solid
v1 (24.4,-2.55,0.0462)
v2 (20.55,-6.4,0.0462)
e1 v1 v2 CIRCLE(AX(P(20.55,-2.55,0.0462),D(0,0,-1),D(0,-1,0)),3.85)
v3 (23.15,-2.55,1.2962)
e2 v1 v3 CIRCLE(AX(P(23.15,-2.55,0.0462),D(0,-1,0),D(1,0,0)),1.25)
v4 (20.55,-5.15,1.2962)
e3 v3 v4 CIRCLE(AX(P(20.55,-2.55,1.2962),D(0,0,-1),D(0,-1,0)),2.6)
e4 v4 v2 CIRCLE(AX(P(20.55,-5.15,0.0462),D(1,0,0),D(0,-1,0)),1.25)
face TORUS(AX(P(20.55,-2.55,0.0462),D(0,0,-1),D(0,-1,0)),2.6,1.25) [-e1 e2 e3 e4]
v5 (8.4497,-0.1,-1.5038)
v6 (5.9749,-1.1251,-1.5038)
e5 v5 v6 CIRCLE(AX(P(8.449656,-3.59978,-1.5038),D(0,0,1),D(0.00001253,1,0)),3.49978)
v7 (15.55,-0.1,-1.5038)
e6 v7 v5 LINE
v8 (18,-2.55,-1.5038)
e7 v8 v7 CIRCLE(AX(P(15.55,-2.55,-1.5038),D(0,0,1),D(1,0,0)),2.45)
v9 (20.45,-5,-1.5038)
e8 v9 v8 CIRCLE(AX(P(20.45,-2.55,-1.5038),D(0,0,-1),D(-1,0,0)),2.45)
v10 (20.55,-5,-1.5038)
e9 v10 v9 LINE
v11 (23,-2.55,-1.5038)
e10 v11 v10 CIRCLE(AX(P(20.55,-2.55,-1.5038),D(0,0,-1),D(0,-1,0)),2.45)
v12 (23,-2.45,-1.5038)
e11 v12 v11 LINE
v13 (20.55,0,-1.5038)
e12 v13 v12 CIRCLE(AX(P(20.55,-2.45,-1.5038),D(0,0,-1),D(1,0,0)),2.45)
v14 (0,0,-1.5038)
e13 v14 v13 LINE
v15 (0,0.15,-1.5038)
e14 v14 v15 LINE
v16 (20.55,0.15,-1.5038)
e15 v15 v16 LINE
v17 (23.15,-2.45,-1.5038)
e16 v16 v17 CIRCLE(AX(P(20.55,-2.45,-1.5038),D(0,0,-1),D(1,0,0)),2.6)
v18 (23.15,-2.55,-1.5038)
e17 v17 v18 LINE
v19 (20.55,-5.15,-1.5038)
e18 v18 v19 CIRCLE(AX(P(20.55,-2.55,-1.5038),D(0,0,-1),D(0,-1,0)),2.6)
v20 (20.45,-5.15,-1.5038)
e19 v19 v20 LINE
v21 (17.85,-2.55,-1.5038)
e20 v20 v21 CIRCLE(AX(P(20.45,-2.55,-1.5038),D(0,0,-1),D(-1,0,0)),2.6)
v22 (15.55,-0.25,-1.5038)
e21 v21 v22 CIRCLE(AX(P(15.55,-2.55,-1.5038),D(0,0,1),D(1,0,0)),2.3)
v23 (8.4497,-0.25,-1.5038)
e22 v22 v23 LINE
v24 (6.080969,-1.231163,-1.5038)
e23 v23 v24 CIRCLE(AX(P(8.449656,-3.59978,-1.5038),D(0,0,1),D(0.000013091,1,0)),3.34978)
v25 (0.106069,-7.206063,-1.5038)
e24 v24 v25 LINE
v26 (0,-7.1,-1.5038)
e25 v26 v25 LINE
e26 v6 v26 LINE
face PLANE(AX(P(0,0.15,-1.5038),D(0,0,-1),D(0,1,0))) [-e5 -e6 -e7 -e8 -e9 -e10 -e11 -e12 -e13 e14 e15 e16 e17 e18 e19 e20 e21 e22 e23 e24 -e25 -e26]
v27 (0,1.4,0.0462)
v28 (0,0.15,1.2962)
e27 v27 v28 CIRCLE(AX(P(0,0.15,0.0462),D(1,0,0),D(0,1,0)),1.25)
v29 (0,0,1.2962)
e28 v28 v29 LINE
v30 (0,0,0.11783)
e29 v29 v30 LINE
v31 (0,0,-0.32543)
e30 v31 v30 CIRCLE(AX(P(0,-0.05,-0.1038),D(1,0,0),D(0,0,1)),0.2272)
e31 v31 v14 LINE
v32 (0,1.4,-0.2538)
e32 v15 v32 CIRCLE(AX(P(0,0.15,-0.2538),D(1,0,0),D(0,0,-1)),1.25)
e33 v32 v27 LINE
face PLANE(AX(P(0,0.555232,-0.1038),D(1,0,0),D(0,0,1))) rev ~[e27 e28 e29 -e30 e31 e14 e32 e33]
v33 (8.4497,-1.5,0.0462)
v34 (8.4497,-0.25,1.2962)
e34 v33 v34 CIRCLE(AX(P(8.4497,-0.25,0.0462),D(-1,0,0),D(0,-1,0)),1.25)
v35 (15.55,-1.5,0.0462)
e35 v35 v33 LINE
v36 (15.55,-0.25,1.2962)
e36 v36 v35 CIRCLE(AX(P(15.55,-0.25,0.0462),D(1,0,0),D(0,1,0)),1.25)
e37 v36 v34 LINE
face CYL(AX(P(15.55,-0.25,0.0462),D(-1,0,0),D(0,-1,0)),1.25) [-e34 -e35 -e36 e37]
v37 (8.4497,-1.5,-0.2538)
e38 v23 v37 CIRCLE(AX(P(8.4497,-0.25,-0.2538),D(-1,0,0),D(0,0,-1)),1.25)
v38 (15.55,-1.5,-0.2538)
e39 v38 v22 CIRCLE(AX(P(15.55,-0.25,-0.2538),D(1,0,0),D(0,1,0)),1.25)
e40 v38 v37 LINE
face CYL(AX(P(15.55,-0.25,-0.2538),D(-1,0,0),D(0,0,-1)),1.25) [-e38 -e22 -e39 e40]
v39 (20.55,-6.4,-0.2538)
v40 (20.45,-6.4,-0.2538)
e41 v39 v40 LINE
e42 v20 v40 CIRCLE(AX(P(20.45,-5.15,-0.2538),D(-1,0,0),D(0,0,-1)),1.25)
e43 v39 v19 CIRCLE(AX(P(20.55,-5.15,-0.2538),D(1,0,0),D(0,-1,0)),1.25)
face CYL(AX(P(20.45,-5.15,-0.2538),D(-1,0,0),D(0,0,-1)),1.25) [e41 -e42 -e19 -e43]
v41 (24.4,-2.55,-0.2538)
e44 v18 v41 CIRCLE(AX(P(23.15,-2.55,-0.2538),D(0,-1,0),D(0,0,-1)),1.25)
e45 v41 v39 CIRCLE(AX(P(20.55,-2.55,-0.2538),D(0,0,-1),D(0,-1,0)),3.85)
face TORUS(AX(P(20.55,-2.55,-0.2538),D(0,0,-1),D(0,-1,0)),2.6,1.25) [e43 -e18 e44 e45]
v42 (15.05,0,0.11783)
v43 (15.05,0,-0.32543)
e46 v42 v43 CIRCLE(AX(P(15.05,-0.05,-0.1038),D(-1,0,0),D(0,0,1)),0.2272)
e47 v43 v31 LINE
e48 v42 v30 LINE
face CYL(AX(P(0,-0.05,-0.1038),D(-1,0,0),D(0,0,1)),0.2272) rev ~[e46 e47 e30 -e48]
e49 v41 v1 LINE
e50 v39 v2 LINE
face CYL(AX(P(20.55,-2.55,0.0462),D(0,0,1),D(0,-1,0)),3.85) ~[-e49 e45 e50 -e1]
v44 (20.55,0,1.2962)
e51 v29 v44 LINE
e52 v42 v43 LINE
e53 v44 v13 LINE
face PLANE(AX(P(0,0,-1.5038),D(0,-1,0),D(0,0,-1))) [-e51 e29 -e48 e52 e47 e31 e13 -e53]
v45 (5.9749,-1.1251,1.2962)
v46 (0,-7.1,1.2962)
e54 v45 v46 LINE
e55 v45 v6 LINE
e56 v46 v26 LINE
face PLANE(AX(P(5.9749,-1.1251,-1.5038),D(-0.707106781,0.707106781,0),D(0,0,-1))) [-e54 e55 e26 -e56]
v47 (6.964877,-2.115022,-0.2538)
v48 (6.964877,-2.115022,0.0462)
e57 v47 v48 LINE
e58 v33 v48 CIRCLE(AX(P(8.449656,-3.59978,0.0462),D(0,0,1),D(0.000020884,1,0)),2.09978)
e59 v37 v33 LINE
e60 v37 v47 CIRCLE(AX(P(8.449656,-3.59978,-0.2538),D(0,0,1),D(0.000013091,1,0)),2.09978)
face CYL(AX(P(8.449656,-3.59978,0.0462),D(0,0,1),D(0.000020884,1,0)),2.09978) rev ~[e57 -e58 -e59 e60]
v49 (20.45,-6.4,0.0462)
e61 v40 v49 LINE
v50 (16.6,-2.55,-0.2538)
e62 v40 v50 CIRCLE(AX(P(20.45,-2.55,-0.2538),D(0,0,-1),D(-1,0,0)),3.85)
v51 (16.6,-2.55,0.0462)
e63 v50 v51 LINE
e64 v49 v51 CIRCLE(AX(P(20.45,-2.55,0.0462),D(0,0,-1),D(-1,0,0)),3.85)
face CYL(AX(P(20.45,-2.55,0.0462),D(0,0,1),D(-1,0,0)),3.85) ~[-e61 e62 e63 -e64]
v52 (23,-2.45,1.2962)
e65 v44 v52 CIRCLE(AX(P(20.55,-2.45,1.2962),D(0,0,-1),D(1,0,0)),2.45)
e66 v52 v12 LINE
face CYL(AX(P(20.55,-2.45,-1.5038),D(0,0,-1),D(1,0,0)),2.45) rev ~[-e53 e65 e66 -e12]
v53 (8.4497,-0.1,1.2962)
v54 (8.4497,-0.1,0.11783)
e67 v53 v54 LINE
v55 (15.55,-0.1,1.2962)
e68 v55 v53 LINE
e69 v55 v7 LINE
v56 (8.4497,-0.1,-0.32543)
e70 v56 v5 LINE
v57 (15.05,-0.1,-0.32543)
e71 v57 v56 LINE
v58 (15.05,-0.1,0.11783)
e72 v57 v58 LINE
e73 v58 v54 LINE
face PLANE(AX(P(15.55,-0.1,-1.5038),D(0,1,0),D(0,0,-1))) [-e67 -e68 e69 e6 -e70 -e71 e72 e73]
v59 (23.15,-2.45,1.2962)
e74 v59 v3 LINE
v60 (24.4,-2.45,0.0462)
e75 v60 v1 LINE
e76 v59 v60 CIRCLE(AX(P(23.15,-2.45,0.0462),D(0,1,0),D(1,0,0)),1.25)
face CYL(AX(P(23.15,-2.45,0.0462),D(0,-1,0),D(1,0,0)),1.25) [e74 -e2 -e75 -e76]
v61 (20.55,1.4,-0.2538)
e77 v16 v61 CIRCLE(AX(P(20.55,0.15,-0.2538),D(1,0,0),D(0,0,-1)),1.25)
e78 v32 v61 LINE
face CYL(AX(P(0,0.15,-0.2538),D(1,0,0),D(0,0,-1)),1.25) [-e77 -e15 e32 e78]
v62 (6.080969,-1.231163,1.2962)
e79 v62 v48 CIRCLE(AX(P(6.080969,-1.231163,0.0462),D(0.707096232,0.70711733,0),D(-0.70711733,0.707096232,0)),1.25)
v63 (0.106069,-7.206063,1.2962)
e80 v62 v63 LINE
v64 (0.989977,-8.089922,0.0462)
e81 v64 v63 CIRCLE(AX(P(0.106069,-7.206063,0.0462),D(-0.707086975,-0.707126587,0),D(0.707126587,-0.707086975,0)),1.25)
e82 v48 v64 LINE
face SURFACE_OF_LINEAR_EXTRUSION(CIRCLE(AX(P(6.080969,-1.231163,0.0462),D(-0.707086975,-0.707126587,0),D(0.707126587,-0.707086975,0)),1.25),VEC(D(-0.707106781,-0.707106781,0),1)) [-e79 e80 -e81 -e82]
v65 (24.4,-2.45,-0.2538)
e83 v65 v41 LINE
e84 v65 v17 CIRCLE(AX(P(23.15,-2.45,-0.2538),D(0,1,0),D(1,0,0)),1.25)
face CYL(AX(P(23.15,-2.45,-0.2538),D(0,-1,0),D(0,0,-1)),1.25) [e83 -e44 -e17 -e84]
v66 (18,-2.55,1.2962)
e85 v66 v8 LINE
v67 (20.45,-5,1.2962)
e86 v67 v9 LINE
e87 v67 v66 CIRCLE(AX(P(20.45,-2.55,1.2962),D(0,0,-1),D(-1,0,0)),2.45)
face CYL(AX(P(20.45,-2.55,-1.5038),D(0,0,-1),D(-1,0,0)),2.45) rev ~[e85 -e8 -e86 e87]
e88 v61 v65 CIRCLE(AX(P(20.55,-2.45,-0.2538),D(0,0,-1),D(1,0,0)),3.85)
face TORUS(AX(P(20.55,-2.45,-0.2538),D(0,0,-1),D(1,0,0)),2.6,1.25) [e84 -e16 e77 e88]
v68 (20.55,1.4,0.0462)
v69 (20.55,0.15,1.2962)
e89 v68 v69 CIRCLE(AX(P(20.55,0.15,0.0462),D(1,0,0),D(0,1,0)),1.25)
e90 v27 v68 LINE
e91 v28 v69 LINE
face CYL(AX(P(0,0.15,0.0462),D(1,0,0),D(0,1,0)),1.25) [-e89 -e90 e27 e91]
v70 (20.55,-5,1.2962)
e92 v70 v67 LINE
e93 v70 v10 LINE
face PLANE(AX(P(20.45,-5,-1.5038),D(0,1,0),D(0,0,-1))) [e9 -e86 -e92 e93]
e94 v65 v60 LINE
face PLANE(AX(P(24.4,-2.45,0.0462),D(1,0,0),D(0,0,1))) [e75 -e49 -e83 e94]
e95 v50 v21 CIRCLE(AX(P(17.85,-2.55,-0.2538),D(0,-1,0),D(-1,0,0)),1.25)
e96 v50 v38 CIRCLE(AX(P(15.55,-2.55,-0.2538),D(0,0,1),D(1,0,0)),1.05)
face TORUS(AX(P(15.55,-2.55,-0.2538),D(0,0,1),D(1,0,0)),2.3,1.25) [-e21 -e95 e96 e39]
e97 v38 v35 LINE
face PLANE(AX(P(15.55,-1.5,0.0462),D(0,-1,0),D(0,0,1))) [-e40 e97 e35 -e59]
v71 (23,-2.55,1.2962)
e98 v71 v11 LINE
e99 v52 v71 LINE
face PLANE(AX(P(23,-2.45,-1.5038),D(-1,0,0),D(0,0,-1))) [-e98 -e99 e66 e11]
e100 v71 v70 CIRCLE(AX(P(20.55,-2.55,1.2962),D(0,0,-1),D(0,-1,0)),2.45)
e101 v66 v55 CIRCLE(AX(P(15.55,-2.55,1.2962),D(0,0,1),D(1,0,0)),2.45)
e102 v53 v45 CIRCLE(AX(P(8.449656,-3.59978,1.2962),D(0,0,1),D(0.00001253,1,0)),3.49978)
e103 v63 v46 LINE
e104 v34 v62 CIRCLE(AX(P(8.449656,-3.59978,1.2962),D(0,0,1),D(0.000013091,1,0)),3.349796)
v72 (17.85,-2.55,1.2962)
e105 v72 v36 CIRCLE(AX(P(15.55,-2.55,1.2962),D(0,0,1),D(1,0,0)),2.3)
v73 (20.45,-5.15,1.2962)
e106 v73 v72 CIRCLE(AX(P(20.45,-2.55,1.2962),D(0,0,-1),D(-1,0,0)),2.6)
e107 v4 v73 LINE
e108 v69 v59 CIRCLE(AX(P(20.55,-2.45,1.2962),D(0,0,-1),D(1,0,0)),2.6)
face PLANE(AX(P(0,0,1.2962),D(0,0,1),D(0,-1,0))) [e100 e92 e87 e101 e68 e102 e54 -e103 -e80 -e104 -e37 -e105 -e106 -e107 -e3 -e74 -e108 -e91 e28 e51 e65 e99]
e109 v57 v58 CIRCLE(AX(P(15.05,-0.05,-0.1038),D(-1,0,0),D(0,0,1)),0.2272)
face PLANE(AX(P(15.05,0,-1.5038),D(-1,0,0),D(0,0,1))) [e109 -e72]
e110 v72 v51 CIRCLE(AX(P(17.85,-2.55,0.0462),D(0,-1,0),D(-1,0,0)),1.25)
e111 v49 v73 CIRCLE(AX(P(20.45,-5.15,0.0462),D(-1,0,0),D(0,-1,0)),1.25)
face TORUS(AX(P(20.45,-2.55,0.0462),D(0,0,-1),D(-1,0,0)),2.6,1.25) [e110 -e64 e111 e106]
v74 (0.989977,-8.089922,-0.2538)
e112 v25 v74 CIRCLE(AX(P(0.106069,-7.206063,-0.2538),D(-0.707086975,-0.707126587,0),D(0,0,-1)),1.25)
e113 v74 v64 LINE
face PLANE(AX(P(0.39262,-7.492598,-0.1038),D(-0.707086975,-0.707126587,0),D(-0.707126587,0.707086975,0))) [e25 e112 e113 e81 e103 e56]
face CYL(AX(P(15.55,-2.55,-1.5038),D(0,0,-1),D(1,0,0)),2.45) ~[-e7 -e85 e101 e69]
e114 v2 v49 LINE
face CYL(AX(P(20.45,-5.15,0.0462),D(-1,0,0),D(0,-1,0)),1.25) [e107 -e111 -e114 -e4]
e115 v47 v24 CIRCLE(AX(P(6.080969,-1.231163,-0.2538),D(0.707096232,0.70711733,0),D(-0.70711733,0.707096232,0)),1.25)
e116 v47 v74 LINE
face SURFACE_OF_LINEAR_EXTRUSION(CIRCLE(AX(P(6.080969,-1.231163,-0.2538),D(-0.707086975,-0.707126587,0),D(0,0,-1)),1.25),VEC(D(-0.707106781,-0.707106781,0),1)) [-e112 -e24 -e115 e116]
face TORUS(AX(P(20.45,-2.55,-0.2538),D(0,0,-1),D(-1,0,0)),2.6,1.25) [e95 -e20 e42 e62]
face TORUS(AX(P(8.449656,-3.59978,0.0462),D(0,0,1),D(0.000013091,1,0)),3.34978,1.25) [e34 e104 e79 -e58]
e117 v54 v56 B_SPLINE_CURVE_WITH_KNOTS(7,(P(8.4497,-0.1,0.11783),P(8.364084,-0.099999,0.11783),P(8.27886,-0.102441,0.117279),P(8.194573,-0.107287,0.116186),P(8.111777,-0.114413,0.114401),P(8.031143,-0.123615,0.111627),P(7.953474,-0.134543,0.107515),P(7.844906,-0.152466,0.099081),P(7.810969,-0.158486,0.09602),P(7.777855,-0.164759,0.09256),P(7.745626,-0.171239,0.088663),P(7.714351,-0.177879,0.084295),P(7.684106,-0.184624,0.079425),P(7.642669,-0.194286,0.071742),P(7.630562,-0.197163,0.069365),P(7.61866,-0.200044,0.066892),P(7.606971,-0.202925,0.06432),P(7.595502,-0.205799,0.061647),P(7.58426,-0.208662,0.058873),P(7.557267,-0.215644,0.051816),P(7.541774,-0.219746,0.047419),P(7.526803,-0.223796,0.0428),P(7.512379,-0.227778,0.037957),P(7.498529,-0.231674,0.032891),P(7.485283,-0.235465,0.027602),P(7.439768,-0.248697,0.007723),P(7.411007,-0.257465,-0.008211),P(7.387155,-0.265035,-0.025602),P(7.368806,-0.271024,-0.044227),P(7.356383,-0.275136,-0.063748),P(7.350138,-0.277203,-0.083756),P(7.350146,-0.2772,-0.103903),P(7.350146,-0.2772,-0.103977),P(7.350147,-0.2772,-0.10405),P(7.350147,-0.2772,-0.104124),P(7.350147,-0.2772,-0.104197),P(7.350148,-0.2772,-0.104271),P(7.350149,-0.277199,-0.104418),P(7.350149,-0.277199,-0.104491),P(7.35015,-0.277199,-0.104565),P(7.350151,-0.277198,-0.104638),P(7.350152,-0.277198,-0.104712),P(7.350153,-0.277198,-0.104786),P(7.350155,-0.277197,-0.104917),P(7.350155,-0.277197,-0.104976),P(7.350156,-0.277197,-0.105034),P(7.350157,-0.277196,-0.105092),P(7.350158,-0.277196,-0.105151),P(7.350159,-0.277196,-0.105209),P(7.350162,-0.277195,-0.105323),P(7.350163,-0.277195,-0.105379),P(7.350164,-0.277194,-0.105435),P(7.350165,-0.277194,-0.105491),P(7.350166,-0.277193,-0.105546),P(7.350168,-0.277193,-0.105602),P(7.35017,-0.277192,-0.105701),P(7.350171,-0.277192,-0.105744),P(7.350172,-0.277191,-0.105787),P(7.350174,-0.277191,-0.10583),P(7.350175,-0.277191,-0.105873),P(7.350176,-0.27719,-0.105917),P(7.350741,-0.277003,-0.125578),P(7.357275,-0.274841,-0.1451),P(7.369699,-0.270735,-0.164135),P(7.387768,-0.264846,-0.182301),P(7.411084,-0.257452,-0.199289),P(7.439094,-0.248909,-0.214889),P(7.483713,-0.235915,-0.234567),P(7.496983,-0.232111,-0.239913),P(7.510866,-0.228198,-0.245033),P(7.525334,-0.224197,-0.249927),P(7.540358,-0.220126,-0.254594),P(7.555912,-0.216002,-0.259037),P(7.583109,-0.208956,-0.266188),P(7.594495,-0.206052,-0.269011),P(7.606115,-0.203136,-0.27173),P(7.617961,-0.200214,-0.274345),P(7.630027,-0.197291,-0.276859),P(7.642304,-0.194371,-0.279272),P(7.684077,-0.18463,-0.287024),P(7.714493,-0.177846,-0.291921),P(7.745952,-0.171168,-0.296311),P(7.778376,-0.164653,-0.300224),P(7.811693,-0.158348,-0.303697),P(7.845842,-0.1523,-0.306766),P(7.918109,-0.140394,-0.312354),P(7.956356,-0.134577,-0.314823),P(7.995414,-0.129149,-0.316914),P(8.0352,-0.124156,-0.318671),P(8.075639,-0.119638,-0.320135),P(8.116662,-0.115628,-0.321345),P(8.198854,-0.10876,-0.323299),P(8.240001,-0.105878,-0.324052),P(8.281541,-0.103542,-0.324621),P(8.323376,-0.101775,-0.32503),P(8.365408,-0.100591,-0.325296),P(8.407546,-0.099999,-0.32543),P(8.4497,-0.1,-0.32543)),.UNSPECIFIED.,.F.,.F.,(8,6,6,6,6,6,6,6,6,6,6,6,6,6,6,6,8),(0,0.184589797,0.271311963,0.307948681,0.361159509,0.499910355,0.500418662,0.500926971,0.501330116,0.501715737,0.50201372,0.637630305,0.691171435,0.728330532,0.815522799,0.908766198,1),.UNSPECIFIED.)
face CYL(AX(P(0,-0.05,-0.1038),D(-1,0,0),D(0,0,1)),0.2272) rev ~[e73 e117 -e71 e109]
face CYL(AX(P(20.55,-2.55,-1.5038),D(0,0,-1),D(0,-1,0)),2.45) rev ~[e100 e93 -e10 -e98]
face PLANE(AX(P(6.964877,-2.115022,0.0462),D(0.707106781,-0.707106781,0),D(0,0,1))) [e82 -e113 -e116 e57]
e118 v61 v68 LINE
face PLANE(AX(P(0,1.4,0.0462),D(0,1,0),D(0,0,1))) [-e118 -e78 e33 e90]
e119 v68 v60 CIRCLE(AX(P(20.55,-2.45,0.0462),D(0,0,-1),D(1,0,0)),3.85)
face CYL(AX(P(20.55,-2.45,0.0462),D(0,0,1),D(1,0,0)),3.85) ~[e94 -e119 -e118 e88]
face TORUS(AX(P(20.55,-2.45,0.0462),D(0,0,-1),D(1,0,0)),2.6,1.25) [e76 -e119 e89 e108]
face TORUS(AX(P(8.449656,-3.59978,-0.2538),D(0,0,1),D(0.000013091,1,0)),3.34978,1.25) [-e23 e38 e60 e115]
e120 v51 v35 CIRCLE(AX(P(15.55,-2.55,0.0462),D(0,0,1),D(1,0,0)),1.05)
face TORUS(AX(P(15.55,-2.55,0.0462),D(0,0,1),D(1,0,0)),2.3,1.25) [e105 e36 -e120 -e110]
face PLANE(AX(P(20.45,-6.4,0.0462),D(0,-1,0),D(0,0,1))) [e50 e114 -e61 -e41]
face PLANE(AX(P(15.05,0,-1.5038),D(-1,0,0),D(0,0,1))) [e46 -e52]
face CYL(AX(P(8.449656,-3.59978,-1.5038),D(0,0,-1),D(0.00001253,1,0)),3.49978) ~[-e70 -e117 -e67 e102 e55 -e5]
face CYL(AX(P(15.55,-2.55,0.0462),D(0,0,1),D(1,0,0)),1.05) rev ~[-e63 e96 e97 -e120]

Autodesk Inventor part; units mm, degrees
ref_plane "YZ Plane" through (0, 0, 0) normal (1, 0, 0) x (0, 1, 0)
ref_plane "XZ Plane" through (0, 0, 0) normal (0, 1, 0) x (-1, 0, 0)
ref_plane "XY Plane" through (0, 0, 0) normal (0, 0, 1) x (1, 0, 0)
sketch "Esboço1" plane through (0, 0, 0) normal (0, 0, 1) x (1, 0, 0)
  line L0 (0, 0) -> (20.55, 0)
  line L1 (23, -2.45) -> (23, -2.55)
  line L2 (15.55, -0.1) -> (8.4497, -0.1)
  line L3 (5.9749, -1.1251) -> (0, -7.1)
  line L4 (18, -2.55) -> (18, -2.55)
  line L5 (20.45, -5) -> (20.55, -5)
  arc A0 (23, -2.45) -> (20.55, 0) centre (20.55, -2.45) ccw
  arc A1 (20.55, -5) -> (23, -2.55) centre (20.55, -2.55) ccw
  arc A2 (18, -2.55) -> (20.45, -5) centre (20.45, -2.55) ccw
  arc A3 (18, -2.55) -> (15.55, -0.1) centre (15.55, -2.55) ccw
  arc A4 (8.4497, -0.1) -> (5.9749, -1.1251) centre (8.4497, -3.6) ccw
  point P0 (23, 0)
  point P1 (18, -0.1)
  point P2 (7, -0.1)
  dimension "d0" = 23
  dimension "d1" = 135
  dimension "d2" = 5
  dimension "d3" = 5
  dimension "d4" = 11
  dimension "d5" = 0.1
  dimension "d6" = 2.45
  dimension "d10" = 3.5
sketch "Esboço2" plane through (0, 0, 0) normal (1, 0, 0) x (0, 1, 0)
  line L0 (0, -1.5038) -> (0, 1.2962)
  line L1 (0, 1.2962) -> (0.15, 1.2962)
  line L2 (1.4, 0.0462) -> (1.4, -0.2538)
  line L3 (0.15, -1.5038) -> (0, -1.5038)
  arc A0 (1.4, 0.0462) -> (0.15, 1.2962) centre (0.15, 0.0462) ccw
  arc A1 (0.15, -1.5038) -> (1.4, -0.2538) centre (0.15, -0.2538) ccw
  dimension "d13" = 2.8
  dimension "d14" = 90
  dimension "d15" = 90
  dimension "d16" = 1.4
  dimension "d17" = 1.25
sweep "Varredura1" add profiles "Esboço2" path "Esboço1"
sketch "Esboço3" plane through (0, 0, -1.5038) normal (-1, 0, 0) x (0, 0, 1)
  line L0 (0, 0) -> (2.8, 0) projected
  circle A0 centre (1.4, -0.05) radius 0.2272
  point P0 (1.5038, 0)
  dimension "d18" = 1.4
  dimension "d19" = 2.8
  dimension "d20" = 0.05
extrude "Extrusão1" cut sketch "Esboço3" against normal blind 15.05
equation "\"d3\" = d2"
equation "\"d13\" = 2 * d16"
equation "\"d15\" = d14"
equation "\"d18\" = 0.5 * d19"
properties part number "contra_pino_1"
